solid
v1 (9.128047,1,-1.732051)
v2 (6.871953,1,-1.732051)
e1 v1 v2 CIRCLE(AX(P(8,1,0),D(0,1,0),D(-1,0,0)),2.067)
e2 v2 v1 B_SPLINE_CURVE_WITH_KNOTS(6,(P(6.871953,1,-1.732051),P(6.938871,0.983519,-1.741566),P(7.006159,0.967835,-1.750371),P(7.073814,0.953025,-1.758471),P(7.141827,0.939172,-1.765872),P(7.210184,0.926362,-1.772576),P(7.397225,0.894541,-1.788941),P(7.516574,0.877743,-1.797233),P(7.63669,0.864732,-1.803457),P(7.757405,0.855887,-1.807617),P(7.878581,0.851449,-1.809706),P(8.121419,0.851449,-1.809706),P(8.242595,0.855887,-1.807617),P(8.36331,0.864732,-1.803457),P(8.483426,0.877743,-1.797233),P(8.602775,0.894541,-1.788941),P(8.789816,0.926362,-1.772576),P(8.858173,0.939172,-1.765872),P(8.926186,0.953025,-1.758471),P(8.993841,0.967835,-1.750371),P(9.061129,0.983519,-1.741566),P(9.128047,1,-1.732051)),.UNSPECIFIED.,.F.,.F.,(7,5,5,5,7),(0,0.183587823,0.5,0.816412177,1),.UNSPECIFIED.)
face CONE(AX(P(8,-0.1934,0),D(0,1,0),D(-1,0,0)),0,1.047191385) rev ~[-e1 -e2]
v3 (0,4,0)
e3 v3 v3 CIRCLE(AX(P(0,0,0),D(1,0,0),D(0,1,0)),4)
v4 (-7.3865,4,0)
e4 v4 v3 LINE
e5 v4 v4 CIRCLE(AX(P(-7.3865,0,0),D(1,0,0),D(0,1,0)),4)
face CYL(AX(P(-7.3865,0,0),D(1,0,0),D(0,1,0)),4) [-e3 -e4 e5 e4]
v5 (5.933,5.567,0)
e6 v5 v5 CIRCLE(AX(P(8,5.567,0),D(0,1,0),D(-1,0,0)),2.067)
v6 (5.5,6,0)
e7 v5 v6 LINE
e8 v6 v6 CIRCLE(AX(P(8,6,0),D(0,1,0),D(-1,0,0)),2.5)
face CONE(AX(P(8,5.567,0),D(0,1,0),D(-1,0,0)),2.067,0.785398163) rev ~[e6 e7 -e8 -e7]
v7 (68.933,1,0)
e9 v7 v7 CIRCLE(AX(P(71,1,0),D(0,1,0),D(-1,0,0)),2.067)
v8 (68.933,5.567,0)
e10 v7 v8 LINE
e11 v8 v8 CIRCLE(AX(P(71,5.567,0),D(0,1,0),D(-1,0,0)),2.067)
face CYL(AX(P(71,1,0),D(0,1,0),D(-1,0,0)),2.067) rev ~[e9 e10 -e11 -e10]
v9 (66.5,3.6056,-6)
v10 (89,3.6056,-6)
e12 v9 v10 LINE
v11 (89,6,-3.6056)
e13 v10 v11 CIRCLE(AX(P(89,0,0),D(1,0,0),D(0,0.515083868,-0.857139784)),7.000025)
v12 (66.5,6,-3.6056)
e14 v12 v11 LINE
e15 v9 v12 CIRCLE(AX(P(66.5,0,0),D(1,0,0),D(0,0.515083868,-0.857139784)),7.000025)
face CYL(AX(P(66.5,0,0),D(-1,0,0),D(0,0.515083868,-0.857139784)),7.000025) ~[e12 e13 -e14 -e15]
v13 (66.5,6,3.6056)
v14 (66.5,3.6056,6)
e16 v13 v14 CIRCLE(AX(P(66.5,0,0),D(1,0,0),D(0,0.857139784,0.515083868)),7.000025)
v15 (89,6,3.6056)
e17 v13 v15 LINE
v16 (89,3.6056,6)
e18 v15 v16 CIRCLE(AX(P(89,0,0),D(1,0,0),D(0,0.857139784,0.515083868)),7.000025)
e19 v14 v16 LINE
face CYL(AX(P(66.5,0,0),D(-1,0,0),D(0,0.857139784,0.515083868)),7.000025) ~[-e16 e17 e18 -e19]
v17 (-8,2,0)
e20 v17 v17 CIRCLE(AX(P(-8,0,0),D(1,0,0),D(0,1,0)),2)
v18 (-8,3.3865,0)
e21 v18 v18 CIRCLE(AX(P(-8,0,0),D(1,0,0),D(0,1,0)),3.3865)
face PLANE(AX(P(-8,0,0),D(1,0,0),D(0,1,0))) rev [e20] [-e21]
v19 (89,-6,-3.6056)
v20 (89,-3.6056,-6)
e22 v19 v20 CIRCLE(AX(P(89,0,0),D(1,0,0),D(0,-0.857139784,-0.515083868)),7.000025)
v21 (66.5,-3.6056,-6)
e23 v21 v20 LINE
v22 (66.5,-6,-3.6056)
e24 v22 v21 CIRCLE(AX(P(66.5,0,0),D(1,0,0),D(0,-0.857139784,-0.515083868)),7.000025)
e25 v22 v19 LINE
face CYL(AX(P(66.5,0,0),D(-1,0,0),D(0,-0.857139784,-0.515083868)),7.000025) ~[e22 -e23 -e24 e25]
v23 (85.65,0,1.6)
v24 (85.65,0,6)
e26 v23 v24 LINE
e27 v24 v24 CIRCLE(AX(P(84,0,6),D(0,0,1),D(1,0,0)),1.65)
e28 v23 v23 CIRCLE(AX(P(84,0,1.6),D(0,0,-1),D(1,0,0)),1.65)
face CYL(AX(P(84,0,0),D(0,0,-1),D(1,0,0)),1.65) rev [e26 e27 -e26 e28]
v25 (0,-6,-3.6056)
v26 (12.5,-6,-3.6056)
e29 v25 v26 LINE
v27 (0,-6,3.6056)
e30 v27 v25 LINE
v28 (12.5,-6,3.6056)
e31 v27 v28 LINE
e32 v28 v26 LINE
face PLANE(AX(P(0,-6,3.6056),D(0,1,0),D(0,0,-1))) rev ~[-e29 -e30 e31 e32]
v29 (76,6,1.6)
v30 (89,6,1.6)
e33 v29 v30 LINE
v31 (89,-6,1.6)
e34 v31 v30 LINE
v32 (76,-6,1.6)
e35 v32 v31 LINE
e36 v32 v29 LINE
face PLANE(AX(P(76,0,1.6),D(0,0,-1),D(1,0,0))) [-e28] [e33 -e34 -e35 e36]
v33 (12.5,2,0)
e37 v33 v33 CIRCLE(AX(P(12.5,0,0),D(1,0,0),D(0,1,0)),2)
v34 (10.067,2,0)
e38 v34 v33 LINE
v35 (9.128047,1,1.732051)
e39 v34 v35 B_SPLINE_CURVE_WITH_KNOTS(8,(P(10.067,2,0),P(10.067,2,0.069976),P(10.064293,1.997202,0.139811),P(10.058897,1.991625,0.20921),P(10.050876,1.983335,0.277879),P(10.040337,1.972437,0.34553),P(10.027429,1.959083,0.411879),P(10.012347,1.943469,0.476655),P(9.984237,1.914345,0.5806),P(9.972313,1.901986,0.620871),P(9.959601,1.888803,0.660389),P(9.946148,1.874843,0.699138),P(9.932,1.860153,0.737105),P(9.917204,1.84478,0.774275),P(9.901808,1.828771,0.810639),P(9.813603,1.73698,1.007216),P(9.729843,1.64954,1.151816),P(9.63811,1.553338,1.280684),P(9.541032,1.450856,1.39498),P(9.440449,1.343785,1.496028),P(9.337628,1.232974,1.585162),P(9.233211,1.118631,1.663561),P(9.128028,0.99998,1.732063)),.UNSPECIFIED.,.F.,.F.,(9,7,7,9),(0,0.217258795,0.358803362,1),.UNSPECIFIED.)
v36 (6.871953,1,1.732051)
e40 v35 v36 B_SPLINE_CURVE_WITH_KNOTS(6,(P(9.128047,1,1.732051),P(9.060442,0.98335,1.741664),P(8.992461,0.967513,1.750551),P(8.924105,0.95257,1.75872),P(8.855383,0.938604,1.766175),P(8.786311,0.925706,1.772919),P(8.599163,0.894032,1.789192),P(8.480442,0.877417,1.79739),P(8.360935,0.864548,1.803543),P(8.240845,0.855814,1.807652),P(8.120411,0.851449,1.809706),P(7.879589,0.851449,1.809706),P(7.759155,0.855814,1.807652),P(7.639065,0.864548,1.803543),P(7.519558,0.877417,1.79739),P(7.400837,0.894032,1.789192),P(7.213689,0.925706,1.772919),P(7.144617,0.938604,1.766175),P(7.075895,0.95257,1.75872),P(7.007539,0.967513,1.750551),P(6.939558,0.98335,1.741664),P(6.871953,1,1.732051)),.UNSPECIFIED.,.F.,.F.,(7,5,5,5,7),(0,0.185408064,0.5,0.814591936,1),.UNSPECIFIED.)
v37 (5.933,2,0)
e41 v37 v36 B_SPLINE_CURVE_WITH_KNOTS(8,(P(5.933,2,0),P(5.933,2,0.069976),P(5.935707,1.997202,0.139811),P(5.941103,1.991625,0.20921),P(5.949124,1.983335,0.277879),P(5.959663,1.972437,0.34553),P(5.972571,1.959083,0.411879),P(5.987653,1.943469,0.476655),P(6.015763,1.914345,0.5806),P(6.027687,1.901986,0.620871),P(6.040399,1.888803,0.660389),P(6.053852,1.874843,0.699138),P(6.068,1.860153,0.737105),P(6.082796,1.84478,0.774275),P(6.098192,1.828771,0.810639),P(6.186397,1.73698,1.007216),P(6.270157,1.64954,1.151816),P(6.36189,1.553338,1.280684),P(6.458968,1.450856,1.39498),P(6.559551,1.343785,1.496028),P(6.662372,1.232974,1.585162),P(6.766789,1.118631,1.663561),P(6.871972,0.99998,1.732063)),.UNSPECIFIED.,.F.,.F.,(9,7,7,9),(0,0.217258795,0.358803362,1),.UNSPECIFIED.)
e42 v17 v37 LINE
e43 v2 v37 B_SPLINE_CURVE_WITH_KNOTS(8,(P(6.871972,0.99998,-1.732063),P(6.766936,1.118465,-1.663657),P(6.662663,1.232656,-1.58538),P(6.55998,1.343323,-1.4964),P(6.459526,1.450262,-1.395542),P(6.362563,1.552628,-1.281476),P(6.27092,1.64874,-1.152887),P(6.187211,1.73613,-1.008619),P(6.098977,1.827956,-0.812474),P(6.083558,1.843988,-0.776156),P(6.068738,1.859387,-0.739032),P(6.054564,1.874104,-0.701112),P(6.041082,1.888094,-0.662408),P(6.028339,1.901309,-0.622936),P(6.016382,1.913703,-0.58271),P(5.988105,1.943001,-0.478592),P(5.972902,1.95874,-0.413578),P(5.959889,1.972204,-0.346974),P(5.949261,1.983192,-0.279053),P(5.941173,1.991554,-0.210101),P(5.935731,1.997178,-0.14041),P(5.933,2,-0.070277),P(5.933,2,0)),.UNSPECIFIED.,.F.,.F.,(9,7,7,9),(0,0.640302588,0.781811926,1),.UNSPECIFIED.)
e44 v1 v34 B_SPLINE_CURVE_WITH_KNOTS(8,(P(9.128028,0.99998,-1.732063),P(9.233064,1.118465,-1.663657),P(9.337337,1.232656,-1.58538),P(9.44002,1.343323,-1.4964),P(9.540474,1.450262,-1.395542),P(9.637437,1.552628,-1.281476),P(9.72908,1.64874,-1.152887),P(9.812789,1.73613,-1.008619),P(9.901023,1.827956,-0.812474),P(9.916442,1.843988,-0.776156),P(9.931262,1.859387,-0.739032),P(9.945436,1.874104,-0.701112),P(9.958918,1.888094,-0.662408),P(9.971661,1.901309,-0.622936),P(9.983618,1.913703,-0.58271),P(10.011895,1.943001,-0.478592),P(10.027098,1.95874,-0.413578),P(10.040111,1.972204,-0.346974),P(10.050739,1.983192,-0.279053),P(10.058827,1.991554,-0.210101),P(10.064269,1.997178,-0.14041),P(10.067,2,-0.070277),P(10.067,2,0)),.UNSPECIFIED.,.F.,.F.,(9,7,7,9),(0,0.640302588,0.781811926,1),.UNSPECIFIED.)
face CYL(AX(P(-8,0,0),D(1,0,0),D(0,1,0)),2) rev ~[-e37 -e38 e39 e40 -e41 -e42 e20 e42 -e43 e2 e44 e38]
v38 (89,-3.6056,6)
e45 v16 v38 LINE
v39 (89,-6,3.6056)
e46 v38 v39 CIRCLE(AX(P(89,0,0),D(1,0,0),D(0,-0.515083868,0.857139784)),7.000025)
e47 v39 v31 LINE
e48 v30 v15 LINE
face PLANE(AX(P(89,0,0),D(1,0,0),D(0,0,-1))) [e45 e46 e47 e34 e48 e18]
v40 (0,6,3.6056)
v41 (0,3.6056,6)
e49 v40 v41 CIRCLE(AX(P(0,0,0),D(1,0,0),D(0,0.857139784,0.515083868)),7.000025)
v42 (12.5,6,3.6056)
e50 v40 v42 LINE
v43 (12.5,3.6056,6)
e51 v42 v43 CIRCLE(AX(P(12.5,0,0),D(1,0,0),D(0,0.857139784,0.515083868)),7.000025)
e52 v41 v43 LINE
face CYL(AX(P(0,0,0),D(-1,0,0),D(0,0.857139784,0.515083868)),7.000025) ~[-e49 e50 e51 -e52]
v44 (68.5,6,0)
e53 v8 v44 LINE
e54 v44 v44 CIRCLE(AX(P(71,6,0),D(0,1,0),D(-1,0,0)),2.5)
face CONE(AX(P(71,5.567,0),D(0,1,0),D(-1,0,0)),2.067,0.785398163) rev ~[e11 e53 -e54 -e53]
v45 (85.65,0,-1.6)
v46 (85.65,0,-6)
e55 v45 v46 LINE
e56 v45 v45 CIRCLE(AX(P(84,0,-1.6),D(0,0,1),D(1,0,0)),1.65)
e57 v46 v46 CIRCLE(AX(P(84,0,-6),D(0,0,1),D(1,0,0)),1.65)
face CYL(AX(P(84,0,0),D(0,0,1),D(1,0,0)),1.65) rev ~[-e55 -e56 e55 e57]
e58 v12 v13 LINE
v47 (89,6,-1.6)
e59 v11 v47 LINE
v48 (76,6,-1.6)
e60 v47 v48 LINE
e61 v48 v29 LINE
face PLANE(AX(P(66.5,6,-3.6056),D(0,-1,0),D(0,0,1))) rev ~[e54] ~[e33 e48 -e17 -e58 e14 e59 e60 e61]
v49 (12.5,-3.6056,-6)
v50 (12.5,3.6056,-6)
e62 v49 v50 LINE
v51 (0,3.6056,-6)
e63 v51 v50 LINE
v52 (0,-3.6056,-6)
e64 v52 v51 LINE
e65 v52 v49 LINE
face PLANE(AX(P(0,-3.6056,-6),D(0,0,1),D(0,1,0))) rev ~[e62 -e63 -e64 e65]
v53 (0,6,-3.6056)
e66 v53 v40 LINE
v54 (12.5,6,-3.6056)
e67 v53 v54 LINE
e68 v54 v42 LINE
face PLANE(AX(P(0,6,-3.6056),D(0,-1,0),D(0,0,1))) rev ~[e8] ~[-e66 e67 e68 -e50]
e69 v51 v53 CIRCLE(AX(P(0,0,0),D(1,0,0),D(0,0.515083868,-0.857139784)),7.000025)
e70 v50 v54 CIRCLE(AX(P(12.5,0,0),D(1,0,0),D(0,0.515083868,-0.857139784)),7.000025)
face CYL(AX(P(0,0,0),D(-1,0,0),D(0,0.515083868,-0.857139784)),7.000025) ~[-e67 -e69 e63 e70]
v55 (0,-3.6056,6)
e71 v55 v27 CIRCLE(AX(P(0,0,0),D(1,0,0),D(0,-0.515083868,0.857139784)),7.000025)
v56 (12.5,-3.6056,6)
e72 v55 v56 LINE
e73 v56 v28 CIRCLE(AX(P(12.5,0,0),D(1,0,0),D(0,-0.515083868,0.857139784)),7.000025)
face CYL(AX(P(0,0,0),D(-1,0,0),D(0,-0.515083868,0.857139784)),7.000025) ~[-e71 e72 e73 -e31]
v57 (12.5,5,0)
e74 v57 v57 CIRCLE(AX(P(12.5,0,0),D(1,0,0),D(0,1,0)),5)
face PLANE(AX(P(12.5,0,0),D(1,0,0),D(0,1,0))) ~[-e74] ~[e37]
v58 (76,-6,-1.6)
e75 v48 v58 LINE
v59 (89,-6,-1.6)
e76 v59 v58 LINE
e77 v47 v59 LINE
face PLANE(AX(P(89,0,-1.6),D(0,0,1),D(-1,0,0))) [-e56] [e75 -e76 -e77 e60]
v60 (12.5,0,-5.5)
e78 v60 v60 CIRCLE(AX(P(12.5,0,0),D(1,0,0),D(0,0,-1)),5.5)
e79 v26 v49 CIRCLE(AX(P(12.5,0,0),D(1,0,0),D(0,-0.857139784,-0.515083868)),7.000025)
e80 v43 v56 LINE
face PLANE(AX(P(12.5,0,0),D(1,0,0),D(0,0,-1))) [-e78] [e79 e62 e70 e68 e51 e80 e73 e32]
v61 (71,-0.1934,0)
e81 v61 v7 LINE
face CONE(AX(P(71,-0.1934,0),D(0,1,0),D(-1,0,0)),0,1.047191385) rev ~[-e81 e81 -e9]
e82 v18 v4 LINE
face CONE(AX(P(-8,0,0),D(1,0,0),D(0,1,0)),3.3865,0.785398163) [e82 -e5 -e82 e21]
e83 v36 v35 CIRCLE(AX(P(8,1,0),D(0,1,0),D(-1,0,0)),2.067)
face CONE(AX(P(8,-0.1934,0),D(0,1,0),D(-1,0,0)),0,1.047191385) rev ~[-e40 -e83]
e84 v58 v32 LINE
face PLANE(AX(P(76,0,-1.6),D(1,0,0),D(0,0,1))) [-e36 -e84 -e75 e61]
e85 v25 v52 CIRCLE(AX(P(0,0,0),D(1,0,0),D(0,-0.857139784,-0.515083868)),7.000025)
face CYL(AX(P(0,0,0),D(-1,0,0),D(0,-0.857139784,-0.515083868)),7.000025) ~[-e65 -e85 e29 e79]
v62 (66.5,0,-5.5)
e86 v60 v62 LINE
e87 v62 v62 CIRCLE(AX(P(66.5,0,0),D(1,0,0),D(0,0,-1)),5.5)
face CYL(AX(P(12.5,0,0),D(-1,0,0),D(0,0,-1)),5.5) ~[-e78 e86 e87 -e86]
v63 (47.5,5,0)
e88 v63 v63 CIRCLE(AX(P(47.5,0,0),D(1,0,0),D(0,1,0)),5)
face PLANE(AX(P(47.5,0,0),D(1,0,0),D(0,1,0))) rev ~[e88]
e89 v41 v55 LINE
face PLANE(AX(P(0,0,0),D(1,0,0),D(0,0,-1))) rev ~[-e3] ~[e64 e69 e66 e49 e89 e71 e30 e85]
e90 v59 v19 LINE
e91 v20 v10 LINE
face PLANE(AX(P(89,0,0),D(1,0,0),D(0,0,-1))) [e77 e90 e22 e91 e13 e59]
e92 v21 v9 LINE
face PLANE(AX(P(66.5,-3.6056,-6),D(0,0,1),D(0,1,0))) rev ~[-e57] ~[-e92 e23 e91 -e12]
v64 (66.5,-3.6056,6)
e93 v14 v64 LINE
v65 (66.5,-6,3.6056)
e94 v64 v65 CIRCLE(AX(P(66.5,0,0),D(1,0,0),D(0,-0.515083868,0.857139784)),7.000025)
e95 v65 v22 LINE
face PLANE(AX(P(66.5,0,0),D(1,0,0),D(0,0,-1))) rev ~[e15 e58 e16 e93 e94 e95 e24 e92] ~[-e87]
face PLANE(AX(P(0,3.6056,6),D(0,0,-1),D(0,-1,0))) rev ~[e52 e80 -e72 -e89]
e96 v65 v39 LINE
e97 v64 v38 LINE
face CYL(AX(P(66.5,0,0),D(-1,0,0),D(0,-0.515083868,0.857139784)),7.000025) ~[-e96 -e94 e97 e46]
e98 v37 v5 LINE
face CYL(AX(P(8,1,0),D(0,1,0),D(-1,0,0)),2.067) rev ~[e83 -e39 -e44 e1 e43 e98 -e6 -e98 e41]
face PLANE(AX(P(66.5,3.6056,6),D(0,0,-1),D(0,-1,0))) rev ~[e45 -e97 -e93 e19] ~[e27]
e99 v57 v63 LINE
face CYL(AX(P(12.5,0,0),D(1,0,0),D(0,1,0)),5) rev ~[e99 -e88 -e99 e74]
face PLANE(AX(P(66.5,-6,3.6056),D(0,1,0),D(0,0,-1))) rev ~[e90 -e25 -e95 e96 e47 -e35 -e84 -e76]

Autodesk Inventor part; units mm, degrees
sketch "Sketch_8" plane through (0, 0, 0) normal (0, 0, 1) x (1, 0, 0)
  line L0 (0, 0) -> (-8, 0)
  line L1 (-8, 0) -> (-8, 3.3865)
  line L2 (-8, 3.3865) -> (-7.3865, 4)
  line L3 (-7.3865, 4) -> (0, 4)
  line L4 (0, 4) -> (0, 0)
  line L5 (0, 0) -> (-8, 0)
revolve "Revolution1" add sketch "Sketch_8" angle 360 about axis through (0, 0, 0) along (1, 0, 0)
thread "Thread1" size "M8x1" class "6g" standard "ISO Metric profile" length 5.8865
sketch "Sketch_9" plane through (0, 0, 0) normal (1, 0, 0) x (0, 0, -1)
  line L0 (-6, 3.6056) -> (-6, -3.6056)
  arc A0 (-6, -3.6056) -> (-3.6056, -6) centre (0, 0) ccw
  line L1 (-3.6056, -6) -> (3.6056, -6)
  arc A1 (3.6056, -6) -> (6, -3.6056) centre (0, 0) ccw
  line L2 (6, -3.6056) -> (6, 3.6056)
  arc A2 (6, 3.6056) -> (3.6056, 6) centre (0, 0) ccw
  line L3 (3.6056, 6) -> (-3.6056, 6)
  arc A3 (-3.6056, 6) -> (-6, 3.6056) centre (0, 0) ccw
extrude "Extrusion1" add sketch "Sketch_9" along normal blind 12.5
sketch "Sketch_6" plane through (12.5, 0, 0) normal (1, 0, 0) x (0, 0, -1)
  circle A0 centre (0, 0) radius 5.5
extrude "Extrusion2" add sketch "Sketch_6" along normal blind 54
sketch "Sketch_10" plane through (66.5, 0, 0) normal (1, 0, 0) x (0, 0, -1)
  line L0 (-6, 3.6056) -> (-6, -3.6056)
  arc A0 (-6, -3.6056) -> (-3.6056, -6) centre (0, 0) ccw
  line L1 (-3.6056, -6) -> (3.6056, -6)
  arc A1 (3.6056, -6) -> (6, -3.6056) centre (0, 0) ccw
  line L2 (6, -3.6056) -> (6, 3.6056)
  arc A2 (6, 3.6056) -> (3.6056, 6) centre (0, 0) ccw
  line L3 (3.6056, 6) -> (-3.6056, 6)
  arc A3 (-3.6056, 6) -> (-6, 3.6056) centre (0, 0) ccw
extrude "Extrusion3" add sketch "Sketch_10" along normal blind 22.5
sketch "Sketch7" plane through (0, 0, 0) normal (0, 0, 1) x (1, 0, 0)
  line L0 (8, 6) -> (8, 1)
  line L1 (8, -0.1934) -> (5.933, 1)
  line L2 (5.933, 1) -> (5.933, 5.567)
  line L3 (5.933, 5.567) -> (5.5, 6)
  line L4 (5.5, 6) -> (8, 6)
  line L5 (8, 6) -> (8, -0.1934)
revolve "Revolution2" cut sketch "Sketch7" angle 360 about axis through (8, 6, 0) along (0, 1, 0)
thread "Thread2" size "M5x0.8" class "6H" standard "ISO Metric profile" full length
sketch "Sketch_7" plane through (0, 0, 0) normal (0, 0, 1) x (1, 0, 0)
  line L0 (71, 6) -> (71, 1)
  line L1 (71, -0.1934) -> (68.933, 1)
  line L2 (68.933, 1) -> (68.933, 5.567)
  line L3 (68.933, 5.567) -> (68.5, 6)
  line L4 (68.5, 6) -> (71, 6)
  line L5 (71, 6) -> (71, -0.1934)
revolve "Revolution3" cut sketch "Sketch_7" angle 360 about axis through (71, 6, 0) along (0, 1, 0)
thread "Thread3" size "M5x0.8" class "6H" standard "ISO Metric profile" full length
sketch "Sketch_16" plane through (0, 0, 0) normal (0, 0, 1) x (1, 0, 0)
  line L0 (47.5, 0) -> (-8, 0)
  line L1 (-8, 0) -> (-8, 2)
  line L2 (-8, 2) -> (12.5, 2)
  line L3 (12.5, 2) -> (12.5, 5)
  line L4 (12.5, 5) -> (47.5, 5)
  line L5 (47.5, 5) -> (47.5, 0)
  line L6 (47.5, 0) -> (-8, 0)
revolve "Revolution4" cut sketch "Sketch_16" angle 360 about axis through (47.5, 0, 0) along (1, 0, 0)
sketch "Sketch_3" plane through (0, 0, 0) normal (0, 1, 0) x (-1, 0, 0)
  line L0 (-76, 1.6) -> (-89, 1.6)
  line L1 (-89, 1.6) -> (-89, -1.6)
  line L2 (-89, -1.6) -> (-76, -1.6)
  line L3 (-76, -1.6) -> (-76, 1.6)
extrude "Extrusion4" cut sketch "Sketch_3" along normal mid plane 12
sketch "Sketch_13" plane through (0, 0, 0) normal (0, 0, 1) x (1, 0, 0)
  circle A0 centre (84, 0) radius 1.65
extrude "Extrusion5" cut sketch "Sketch_13" along normal mid plane 12
ref_plane "BODY_N_XY" through (84, 0, 0) normal (0, 0, -1) x (1, 0, 0)
ref_plane "BODY_N_YZ" through (84, 0, 0) normal (1, 0, 0) x (0, -1, 0)
ref_plane "BODY_N_ZX" through (84, 0, 0) normal (0, -1, 0) x (0, 0, -1)
ref_plane "BODY_PIN_XY" through (84, 0, 0) normal (-1, 0, 0) x (0, 0, -1)
ref_plane "BODY_PIN_YZ" through (84, 0, 0) normal (0, 0, -1) x (0, -1, 0)
ref_plane "BODY_PIN_ZX" through (84, 0, 0) normal (0, -1, 0) x (-1, 0, 0)
ref_plane "NUT2_XY" through (76, 0, 0) normal (1, 0, 0) x (0, 0, -1)
ref_plane "NUT2_YZ" through (76, 0, 0) normal (0, 0, -1) x (0, 1, 0)
ref_plane "NUT2_ZX" through (76, 0, 0) normal (0, 1, 0) x (1, 0, 0)
ref_plane "SW1_XY" through (17, 0, 0) normal (1, 0, 0) x (0, 0, -1)
ref_plane "SW1_YZ" through (17, 0, 0) normal (0, 0, -1) x (0, 1, 0)
ref_plane "SW1_ZX" through (17, 0, 0) normal (0, 1, 0) x (1, 0, 0)
ref_plane "SW2_XY" through (62, 0, 0) normal (-1, 0, 0) x (0, 0, -1)
ref_plane "SW2_YZ" through (62, 0, 0) normal (0, 0, -1) x (0, -1, 0)
ref_plane "SW2_ZX" through (62, 0, 0) normal (0, -1, 0) x (-1, 0, 0)
ref_plane "SW_R1_XY" through (17, -11, 0) normal (1, 0, 0) x (0, 0, -1)
ref_plane "SW_R1_YZ" through (17, -11, 0) normal (0, 0, -1) x (0, 1, 0)
ref_plane "SW_R1_ZX" through (17, -11, 0) normal (0, 1, 0) x (1, 0, 0)
ref_plane "SW_R2_XY" through (62, -11, 0) normal (-1, 0, 0) x (0, 0, -1)
ref_plane "SW_R2_YZ" through (62, -11, 0) normal (0, 0, -1) x (0, -1, 0)
ref_plane "SW_R2_ZX" through (62, -11, 0) normal (0, -1, 0) x (-1, 0, 0)
ref_plane "body_XY" through (0, 0, 0) normal (-1, 0, 0) x (0, 0, -1)
ref_plane "body_YZ" through (0, 0, 0) normal (0, 0, -1) x (0, -1, 0)
ref_plane "body_ZX" through (0, 0, 0) normal (0, -1, 0) x (-1, 0, 0)
properties part number "CJ2D10-30Z(1_0)_BODY"
